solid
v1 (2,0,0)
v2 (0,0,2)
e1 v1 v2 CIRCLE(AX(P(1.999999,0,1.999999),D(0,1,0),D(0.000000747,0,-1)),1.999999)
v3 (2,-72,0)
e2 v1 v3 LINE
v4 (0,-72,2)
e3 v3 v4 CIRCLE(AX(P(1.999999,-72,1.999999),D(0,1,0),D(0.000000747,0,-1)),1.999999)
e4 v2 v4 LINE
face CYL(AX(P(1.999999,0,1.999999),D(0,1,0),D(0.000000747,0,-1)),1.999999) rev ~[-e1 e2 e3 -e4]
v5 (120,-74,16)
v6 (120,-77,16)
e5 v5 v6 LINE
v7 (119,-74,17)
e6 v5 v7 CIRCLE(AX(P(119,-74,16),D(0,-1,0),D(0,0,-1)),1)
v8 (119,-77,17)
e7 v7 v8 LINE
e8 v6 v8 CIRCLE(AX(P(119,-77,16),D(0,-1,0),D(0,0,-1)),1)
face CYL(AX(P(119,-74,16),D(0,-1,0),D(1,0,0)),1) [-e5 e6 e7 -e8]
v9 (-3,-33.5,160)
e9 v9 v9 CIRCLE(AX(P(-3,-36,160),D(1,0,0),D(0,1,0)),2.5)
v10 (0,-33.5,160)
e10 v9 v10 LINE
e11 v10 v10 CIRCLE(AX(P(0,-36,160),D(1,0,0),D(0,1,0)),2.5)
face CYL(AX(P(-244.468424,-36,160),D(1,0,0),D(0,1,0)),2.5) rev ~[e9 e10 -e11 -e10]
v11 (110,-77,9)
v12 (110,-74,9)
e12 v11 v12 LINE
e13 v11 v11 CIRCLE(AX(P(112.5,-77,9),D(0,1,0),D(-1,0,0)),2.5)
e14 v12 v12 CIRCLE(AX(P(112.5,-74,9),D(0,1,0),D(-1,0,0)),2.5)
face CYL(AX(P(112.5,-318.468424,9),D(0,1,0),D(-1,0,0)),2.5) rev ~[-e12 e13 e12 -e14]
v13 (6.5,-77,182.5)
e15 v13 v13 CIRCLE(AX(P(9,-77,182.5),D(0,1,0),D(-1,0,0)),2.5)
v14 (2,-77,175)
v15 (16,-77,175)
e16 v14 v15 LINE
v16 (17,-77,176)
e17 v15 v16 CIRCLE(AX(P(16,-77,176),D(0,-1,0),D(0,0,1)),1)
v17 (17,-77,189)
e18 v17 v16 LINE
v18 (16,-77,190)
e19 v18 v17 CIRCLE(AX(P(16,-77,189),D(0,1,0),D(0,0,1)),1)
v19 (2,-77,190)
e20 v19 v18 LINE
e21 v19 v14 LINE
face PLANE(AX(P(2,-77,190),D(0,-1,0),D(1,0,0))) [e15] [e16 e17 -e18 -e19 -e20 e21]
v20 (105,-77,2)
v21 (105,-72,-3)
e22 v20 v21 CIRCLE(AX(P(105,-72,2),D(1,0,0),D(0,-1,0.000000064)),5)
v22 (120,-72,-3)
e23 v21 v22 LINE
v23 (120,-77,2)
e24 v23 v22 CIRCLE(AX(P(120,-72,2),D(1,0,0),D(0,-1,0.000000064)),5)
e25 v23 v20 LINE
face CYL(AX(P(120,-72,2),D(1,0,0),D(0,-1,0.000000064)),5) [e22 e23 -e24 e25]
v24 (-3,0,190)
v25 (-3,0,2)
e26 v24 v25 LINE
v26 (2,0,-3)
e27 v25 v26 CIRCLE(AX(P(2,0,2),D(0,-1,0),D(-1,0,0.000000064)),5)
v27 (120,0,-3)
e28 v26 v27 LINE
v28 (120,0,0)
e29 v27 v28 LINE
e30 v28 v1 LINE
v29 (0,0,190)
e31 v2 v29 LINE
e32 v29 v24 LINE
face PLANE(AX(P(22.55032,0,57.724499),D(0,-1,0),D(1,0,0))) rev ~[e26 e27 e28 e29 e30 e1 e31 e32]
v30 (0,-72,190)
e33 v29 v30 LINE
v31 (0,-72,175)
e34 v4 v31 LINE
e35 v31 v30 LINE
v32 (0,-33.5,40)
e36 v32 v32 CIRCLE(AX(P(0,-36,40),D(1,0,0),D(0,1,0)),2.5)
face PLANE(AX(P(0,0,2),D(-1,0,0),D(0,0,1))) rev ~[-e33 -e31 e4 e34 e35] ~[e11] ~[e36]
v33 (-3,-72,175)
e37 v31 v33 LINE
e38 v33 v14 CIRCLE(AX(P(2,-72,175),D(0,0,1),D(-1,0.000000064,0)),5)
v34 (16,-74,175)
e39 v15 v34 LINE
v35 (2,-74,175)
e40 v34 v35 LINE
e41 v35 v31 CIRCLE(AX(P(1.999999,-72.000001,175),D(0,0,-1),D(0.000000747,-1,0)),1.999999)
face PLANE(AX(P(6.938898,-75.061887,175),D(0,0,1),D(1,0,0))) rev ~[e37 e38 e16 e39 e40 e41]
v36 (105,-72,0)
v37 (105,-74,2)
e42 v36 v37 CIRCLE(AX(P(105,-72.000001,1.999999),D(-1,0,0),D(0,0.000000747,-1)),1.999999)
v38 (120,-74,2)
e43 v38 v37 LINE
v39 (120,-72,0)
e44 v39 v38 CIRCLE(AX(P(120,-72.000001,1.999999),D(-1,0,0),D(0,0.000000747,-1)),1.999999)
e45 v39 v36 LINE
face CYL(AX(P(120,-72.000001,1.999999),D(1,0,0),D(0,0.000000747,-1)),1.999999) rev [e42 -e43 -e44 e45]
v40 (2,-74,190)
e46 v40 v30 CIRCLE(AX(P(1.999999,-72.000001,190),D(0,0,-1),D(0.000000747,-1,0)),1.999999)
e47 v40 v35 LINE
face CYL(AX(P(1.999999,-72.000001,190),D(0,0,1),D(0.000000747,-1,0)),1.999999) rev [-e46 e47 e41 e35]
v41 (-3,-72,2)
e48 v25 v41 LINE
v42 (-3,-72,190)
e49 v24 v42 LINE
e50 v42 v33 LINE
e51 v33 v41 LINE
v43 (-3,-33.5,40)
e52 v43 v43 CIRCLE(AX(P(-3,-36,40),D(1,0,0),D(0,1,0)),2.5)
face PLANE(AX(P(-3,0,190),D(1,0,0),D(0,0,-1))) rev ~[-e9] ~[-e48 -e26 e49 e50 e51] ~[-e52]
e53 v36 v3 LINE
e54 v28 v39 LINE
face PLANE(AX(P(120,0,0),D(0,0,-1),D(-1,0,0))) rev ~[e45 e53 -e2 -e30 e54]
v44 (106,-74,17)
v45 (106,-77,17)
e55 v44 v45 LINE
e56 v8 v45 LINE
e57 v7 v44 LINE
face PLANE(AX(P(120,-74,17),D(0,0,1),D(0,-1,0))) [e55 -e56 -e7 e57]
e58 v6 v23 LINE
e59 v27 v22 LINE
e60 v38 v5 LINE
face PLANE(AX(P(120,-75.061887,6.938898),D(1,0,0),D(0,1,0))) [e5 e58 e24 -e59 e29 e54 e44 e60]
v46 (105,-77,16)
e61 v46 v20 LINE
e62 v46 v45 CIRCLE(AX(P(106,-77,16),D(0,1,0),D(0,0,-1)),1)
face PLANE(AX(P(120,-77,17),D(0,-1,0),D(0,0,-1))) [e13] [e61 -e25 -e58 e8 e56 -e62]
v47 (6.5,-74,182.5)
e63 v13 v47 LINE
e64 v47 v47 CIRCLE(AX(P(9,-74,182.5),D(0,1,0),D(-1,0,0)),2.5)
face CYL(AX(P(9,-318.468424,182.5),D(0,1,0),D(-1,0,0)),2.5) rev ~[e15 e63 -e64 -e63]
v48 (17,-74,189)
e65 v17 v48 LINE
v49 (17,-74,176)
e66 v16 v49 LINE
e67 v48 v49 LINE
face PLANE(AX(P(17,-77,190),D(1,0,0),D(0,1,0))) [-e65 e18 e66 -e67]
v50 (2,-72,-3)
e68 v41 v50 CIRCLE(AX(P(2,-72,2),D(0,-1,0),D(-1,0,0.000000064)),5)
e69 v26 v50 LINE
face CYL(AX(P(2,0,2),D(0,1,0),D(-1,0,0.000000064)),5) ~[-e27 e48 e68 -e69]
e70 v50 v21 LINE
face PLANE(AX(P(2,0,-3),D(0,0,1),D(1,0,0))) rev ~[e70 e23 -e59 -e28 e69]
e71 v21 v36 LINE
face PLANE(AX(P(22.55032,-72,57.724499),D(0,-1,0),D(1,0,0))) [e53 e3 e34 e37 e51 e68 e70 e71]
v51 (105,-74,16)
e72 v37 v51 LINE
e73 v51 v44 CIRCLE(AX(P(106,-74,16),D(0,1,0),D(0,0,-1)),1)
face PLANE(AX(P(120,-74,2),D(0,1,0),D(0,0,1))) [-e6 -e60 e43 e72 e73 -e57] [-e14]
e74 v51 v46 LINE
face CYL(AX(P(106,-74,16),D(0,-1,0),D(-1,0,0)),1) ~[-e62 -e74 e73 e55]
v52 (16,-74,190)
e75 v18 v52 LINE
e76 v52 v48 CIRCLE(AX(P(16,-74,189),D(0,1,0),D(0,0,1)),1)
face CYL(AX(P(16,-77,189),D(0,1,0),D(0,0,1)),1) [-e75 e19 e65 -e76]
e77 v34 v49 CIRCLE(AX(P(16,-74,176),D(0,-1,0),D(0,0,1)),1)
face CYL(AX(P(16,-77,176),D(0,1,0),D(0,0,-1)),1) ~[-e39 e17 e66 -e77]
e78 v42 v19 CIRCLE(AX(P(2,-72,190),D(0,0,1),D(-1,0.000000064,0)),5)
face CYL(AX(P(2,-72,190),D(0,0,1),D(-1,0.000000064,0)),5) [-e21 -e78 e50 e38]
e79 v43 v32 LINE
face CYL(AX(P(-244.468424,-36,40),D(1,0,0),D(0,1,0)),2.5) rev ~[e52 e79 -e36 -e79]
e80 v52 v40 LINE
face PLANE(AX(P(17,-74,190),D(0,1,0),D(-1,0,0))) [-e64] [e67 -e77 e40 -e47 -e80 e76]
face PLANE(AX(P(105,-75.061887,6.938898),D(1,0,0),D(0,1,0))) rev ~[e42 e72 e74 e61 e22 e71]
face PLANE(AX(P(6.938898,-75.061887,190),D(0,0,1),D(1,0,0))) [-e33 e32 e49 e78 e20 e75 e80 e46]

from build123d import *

# Parameters (mm, degrees)
F1_DEPTH = 72
F3_DEPTH = 15
F5_DEPTH = 15
F6_R     = 1
F9_D     = 5
F11_D    = 5


with BuildPart() as f1:
    # F0 (on Front) → F1 (new body)
    with BuildSketch(Plane.XZ):
        with BuildLine():
            Line((0, 2), (0, 190))
            Line((0, 190), (-3, 190))
            Line((-3, 190), (-3, 2))
            ThreePointArc((-3, 2), (-1.535534, -1.535534), (2, -3))
            Line((2, -3), (120, -3))
            Line((120, -3), (120, 0))
            Line((120, 0), (2, 0))
            ThreePointArc((2, 0), (0.585786, 0.585786), (0, 2))
        make_face()
    extrude(amount=F1_DEPTH)

    # F2 (on face) → F3 (join)
    with BuildSketch(Plane.XY.offset(190)):
        with BuildLine():
            ThreePointArc((2, -74), (0.585786, -73.414214), (0, -72))
            Line((0, -72), (-3, -72))
            ThreePointArc((-3, -72), (-1.535534, -75.535534), (2, -77))
            Line((2, -77), (17, -77))
            Line((17, -77), (17, -74))
            Line((17, -74), (2, -74))
        make_face()
    extrude(amount=-F3_DEPTH)

    # F4 (on face) → F5 (join)
    with BuildSketch(Plane.YZ.offset(120)):
        with BuildLine():
            ThreePointArc((-72, 0), (-73.414214, 0.585786), (-74, 2))
            Line((-74, 2), (-74, 17))
            Line((-74, 17), (-77, 17))
            Line((-77, 17), (-77, 2))
            ThreePointArc((-77, 2), (-75.535534, -1.535534), (-72, -3))
            Line((-72, -3), (-72, 0))
        make_face()
    extrude(amount=-F5_DEPTH)

    # F6
    f6_edges = [f1.edges().sort_by_distance(p)[0] for p in [
        (120, -75.5, 17),
        (105, -75.5, 17),
        (17, -75.5, 190),
        (17, -75.5, 175),
    ]]
    fillet(f6_edges, radius=F6_R)

    # F9 (through all)
    with Locations(Plane.XZ.offset(77)):
        with Locations((9, 182.5), (112.5, 9)):
            Hole(F9_D / 2)

    # F11 (through all)
    with Locations(Plane(origin=(-3, 0, 0), x_dir=(0, -1, 0), z_dir=(-1, 0, 0))):
        with Locations((36, 160), (36, 40)):
            Hole(F11_D / 2)


solid = f1.part
